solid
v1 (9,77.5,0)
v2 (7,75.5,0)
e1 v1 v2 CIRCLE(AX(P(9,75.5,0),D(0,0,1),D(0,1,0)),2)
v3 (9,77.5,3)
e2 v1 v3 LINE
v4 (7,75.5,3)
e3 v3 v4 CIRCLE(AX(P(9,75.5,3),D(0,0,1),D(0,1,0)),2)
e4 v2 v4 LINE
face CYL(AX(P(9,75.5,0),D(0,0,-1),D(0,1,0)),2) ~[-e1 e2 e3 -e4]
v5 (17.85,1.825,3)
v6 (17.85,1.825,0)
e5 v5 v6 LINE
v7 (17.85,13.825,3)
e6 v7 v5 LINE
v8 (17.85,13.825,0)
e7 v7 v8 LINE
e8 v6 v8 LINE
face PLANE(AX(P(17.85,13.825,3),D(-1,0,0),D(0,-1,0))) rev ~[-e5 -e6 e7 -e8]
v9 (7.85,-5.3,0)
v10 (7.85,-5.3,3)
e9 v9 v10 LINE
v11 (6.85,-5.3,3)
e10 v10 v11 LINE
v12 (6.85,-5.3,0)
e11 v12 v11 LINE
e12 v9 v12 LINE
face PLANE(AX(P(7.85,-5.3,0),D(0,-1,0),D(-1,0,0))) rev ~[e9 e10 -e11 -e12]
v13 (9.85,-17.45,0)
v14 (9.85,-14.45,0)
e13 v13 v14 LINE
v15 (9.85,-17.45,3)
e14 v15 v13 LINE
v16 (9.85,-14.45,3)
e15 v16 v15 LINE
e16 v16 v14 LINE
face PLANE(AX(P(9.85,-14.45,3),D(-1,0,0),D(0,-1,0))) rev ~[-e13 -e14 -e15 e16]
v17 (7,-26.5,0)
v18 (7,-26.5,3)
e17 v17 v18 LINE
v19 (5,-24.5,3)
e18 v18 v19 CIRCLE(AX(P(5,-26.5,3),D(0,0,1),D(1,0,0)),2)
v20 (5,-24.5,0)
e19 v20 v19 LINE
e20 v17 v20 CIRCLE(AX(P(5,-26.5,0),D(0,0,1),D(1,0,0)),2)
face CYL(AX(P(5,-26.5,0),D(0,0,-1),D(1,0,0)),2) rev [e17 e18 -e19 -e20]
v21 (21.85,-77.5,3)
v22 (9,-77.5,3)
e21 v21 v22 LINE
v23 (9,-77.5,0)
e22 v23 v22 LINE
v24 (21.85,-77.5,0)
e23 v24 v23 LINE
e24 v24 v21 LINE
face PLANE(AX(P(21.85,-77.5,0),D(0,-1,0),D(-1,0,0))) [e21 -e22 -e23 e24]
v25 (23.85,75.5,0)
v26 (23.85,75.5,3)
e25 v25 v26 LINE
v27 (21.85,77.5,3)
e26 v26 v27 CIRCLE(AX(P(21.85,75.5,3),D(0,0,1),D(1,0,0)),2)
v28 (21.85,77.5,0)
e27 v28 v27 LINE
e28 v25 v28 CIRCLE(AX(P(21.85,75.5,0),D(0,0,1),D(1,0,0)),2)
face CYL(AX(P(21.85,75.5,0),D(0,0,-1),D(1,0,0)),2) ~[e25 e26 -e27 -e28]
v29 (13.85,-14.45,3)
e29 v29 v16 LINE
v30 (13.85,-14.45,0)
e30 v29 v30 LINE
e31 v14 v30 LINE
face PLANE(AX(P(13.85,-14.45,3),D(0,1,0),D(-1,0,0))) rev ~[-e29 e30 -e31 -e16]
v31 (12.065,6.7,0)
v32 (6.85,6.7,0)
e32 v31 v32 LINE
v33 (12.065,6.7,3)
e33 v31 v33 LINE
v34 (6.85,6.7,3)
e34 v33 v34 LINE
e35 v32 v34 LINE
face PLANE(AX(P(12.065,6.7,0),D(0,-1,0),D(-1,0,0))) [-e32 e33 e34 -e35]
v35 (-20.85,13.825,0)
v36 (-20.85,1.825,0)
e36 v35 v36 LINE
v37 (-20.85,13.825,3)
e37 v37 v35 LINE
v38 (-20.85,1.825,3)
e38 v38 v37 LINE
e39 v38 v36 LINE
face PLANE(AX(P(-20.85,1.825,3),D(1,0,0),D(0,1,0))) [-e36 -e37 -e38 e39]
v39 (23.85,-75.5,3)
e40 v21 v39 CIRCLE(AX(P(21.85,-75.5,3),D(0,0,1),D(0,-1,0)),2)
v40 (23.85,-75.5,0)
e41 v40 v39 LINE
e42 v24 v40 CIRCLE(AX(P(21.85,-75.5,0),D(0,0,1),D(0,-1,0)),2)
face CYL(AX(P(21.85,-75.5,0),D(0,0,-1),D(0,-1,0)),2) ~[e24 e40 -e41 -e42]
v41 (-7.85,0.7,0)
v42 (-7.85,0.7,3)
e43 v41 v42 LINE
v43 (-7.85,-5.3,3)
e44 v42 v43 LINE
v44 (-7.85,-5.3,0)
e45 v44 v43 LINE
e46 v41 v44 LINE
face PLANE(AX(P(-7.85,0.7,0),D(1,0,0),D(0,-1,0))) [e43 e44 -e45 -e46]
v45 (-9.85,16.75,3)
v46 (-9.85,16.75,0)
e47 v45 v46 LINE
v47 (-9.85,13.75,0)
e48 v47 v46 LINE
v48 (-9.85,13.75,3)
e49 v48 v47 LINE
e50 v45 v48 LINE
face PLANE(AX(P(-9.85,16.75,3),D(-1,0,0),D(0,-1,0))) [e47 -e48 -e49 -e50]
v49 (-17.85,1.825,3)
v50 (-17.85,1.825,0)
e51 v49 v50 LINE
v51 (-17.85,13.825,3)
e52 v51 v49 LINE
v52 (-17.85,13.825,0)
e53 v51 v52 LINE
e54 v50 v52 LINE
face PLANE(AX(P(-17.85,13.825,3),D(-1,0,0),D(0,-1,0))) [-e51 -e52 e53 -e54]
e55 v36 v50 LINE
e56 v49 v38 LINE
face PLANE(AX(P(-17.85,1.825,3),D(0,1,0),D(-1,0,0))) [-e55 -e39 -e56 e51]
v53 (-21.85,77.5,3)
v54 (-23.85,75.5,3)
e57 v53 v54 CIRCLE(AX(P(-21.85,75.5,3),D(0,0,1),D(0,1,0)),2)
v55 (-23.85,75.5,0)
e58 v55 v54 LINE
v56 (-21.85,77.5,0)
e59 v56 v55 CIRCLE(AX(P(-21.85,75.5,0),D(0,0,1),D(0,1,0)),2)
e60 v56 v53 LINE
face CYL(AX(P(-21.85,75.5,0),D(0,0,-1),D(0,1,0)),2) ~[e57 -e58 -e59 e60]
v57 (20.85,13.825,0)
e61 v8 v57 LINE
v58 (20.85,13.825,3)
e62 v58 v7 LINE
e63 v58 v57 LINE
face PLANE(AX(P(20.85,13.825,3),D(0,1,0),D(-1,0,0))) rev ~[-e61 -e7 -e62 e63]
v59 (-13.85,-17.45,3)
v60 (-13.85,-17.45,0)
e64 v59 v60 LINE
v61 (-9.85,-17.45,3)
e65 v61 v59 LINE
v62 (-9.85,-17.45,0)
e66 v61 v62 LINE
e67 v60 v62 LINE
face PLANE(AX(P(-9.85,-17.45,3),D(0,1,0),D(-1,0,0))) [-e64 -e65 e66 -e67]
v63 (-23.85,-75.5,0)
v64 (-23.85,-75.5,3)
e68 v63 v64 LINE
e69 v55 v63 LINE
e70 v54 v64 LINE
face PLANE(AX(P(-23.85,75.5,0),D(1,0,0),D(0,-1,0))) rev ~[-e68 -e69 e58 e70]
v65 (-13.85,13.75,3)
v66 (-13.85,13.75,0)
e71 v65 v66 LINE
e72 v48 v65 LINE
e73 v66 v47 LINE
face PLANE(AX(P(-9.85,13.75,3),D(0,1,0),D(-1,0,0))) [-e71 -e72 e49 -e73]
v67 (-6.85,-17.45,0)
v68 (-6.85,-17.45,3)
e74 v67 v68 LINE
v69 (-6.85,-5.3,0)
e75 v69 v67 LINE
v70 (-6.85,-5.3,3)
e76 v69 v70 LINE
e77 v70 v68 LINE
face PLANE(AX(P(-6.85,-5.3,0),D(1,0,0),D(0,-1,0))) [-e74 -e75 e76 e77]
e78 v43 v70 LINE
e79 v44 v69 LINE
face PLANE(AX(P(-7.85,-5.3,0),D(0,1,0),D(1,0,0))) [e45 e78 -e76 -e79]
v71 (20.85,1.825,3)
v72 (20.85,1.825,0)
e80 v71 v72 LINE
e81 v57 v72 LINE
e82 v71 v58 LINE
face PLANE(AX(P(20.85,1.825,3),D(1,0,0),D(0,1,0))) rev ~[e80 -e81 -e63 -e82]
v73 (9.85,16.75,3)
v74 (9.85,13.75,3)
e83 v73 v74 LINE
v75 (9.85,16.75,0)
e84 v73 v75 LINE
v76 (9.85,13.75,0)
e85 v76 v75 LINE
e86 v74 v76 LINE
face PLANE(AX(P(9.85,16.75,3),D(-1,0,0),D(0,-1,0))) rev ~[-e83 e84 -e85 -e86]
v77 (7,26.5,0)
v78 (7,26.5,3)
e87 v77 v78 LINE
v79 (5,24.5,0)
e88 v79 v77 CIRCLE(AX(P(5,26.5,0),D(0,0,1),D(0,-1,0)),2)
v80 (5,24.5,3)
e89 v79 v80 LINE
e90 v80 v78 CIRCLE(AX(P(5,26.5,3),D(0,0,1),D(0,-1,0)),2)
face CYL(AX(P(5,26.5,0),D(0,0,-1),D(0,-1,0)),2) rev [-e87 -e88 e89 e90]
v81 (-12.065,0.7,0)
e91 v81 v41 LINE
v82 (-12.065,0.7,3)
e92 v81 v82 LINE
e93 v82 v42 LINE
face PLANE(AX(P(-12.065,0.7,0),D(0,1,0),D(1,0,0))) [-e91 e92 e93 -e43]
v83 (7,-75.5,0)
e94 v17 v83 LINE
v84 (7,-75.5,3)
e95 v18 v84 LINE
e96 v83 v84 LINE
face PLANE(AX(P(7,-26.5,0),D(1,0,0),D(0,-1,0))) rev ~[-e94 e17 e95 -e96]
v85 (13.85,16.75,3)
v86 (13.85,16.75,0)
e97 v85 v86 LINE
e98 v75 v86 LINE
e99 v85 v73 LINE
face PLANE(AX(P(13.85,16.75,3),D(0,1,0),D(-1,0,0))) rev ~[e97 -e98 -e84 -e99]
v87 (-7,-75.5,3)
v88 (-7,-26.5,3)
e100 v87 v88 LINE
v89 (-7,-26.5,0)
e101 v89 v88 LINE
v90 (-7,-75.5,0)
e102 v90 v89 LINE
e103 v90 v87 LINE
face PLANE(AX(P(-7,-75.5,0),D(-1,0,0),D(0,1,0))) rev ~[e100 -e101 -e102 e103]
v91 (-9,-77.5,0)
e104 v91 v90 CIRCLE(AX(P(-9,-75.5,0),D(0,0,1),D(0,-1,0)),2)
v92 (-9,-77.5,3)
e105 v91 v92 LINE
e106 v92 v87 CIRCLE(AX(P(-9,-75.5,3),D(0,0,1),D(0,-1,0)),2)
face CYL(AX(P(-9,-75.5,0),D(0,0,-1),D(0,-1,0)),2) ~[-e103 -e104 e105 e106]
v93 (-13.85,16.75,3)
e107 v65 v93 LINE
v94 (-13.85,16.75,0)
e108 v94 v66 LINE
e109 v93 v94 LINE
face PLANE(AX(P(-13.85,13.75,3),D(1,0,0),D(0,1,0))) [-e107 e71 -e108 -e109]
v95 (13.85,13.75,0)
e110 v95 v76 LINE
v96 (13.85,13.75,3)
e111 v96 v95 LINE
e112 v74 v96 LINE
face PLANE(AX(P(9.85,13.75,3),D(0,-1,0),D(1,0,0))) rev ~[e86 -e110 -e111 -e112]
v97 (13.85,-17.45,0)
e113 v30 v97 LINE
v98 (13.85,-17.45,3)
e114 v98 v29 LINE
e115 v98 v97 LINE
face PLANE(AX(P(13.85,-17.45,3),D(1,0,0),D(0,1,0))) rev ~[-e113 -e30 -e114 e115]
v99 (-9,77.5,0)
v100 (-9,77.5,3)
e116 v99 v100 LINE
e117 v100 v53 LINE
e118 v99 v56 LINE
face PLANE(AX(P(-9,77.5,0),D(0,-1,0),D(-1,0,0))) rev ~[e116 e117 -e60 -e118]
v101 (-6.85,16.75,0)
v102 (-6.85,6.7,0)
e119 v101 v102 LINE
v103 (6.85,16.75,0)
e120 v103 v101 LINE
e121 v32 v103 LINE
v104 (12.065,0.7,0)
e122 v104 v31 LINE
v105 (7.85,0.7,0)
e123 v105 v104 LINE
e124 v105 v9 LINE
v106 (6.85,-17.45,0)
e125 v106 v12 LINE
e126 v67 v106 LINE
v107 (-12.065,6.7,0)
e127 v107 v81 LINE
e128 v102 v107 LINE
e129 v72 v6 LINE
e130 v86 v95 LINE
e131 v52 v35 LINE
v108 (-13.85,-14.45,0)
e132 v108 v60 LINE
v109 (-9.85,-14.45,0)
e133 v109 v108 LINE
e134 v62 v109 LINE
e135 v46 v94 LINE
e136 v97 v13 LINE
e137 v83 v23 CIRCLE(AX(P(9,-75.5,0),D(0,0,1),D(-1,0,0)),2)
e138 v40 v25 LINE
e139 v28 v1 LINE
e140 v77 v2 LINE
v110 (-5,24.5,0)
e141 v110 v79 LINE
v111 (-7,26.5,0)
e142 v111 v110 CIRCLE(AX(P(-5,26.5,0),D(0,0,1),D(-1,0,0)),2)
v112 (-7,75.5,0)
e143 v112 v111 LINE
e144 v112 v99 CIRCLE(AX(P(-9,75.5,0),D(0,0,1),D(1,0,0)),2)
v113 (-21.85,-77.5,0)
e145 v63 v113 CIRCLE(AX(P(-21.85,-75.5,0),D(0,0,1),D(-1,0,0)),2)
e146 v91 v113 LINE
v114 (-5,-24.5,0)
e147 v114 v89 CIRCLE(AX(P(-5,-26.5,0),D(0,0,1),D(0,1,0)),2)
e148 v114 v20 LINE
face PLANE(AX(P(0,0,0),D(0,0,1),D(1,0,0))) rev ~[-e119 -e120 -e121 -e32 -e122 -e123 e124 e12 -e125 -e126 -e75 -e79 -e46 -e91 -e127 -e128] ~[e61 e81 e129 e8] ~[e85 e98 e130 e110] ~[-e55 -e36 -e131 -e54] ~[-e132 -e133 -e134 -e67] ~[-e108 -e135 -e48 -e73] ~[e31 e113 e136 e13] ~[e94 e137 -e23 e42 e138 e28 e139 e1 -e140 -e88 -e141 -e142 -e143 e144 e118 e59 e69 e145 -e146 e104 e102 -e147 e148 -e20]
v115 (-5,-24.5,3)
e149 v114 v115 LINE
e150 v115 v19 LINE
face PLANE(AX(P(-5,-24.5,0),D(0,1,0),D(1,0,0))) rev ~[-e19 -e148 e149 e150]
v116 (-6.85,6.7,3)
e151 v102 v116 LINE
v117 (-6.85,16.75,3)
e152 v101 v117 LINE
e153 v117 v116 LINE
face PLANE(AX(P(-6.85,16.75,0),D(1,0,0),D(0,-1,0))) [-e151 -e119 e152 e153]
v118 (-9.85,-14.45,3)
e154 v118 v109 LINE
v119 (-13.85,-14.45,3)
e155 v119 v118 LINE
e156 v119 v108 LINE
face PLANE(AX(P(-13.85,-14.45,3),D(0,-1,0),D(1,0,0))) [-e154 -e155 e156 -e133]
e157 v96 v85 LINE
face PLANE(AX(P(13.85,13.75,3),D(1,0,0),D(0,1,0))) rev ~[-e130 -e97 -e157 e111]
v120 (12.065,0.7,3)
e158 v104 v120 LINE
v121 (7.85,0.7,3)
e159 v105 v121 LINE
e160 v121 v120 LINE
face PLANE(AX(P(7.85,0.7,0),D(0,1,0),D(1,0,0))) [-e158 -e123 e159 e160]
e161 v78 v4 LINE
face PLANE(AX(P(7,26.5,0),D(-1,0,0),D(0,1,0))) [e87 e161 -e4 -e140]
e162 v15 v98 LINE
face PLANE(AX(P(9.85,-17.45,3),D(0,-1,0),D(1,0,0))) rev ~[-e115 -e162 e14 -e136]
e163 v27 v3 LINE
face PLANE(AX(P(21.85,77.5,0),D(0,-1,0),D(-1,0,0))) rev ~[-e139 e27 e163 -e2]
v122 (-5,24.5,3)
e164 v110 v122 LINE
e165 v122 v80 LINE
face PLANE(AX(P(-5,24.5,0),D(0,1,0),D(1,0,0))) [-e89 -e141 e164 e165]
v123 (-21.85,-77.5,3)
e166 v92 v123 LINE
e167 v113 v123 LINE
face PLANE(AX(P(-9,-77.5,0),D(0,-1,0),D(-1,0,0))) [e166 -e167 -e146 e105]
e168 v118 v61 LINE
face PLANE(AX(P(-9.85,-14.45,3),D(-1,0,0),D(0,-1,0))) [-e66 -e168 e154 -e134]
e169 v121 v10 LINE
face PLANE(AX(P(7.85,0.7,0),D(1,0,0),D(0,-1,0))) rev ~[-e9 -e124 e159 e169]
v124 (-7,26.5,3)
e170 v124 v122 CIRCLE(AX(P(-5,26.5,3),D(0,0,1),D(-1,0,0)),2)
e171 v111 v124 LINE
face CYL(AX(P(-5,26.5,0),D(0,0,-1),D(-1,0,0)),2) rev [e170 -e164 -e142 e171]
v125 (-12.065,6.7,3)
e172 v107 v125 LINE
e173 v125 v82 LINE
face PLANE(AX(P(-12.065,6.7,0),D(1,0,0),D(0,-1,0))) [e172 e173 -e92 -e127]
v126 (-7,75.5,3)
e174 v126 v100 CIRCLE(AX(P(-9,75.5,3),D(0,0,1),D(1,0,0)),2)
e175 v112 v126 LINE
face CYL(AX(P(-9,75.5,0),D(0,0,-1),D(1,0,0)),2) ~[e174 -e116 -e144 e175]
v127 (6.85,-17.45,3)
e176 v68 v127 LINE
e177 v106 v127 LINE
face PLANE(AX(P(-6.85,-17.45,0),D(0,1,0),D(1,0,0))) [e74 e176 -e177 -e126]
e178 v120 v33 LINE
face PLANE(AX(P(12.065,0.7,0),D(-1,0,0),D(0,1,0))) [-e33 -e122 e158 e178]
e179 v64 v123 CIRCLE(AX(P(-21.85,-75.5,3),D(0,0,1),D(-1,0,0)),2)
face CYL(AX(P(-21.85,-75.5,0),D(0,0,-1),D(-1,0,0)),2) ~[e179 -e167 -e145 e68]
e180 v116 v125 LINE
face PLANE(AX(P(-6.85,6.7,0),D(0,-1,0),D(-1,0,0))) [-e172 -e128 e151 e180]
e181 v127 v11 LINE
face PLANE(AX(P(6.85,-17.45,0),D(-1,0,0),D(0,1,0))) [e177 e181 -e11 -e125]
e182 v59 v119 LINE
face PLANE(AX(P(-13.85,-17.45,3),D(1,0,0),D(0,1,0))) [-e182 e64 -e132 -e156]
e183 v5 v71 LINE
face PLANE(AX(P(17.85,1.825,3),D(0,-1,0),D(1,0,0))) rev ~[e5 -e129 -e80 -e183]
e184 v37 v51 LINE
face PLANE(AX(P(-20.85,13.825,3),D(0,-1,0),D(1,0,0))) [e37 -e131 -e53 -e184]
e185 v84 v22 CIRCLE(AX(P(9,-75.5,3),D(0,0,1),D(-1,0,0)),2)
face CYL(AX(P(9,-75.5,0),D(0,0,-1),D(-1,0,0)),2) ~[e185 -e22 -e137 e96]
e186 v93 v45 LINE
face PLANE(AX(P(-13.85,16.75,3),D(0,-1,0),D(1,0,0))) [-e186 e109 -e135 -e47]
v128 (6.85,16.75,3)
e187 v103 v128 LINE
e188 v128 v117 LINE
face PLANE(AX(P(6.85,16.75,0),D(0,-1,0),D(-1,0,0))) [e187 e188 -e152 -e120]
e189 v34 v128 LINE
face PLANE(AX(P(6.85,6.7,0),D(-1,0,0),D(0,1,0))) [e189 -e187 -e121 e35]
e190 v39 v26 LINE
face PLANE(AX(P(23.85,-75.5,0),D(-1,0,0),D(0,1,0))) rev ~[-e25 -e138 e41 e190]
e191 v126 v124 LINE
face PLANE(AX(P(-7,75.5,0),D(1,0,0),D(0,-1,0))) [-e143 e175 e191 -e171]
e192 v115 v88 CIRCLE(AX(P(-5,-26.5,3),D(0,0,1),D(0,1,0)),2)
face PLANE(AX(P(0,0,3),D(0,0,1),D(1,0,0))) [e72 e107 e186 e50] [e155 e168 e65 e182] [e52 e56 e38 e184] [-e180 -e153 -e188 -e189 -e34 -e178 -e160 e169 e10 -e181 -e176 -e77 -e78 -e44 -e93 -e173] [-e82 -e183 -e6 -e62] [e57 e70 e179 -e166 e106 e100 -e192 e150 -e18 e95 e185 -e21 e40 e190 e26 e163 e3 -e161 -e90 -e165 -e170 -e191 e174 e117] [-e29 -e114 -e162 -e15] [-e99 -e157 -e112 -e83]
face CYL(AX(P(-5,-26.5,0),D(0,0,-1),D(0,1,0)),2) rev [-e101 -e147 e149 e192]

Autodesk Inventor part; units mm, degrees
ref_plane "YZ Plane" through (0, 0, 0) normal (1, 0, 0) x (0, 1, 0)
ref_plane "XZ Plane" through (0, 0, 0) normal (0, 1, 0) x (-1, 0, 0)
ref_plane "XY Plane" through (0, 0, 0) normal (0, 0, 1) x (1, 0, 0)
sketch "草圖1" plane through (0, 0, 0) normal (0, 0, 1) x (1, 0, 0)
  line L0 (-23.85, -77.5) -> (23.85, 77.5) construction
  line L1 (23.85, -77.5) -> (-23.85, 77.5) construction
  line L2 (0, 127.6921) -> (0, -161.3915) construction
  line L3 (-23.85, 75.5) -> (-23.85, -75.5)
  line L4 (23.85, -75.5) -> (23.85, 75.5)
  line L5 (-5, 24.5) -> (5, 24.5)
  line L6 (7, 26.5) -> (7, 75.5)
  line L7 (-7, 75.5) -> (-7, 26.5)
  line L8 (-7, 24.5) -> (7, 77.5) construction
  line L9 (7, 24.5) -> (-7, 77.5) construction
  line L10 (21.85, 77.5) -> (9, 77.5)
  line L11 (-9, 77.5) -> (-21.85, 77.5)
  arc A0 (-7, 75.5) -> (-9, 77.5) centre (-9, 75.5) ccw
  arc A1 (9, 77.5) -> (7, 75.5) centre (9, 75.5) ccw
  arc A2 (-7, 26.5) -> (-5, 24.5) centre (-5, 26.5) ccw
  arc A3 (5, 24.5) -> (7, 26.5) centre (5, 26.5) ccw
  arc A4 (-21.85, 77.5) -> (-23.85, 75.5) centre (-21.85, 75.5) ccw
  arc A5 (23.85, 75.5) -> (21.85, 77.5) centre (21.85, 75.5) ccw
  line L12 (-82.8249, 0) -> (86.4934, 0) construction
  line L13 (-5, -24.5) -> (5, -24.5)
  line L14 (7, -26.5) -> (7, -75.5)
  line L15 (-7, -75.5) -> (-7, -26.5)
  line L16 (-7, -24.5) -> (7, -77.5) construction
  line L17 (7, -24.5) -> (-7, -77.5) construction
  line L18 (21.85, -77.5) -> (9, -77.5)
  line L19 (-9, -77.5) -> (-21.85, -77.5)
  arc A6 (-9, -77.5) -> (-7, -75.5) centre (-9, -75.5) ccw
  arc A7 (7, -75.5) -> (9, -77.5) centre (9, -75.5) ccw
  arc A8 (-5, -24.5) -> (-7, -26.5) centre (-5, -26.5) ccw
  arc A9 (7, -26.5) -> (5, -24.5) centre (5, -26.5) ccw
  arc A10 (-23.85, -75.5) -> (-21.85, -77.5) centre (-21.85, -75.5) ccw
  arc A11 (21.85, -77.5) -> (23.85, -75.5) centre (21.85, -75.5) ccw
  line L20 (-21.85, -77.5) -> (-9, -77.5)
  line L21 (9, -77.5) -> (21.85, -77.5)
  line L22 (-6.85, -17.45) -> (6.85, -17.45)
  line L23 (6.85, 16.75) -> (-6.85, 16.75)
  line L24 (12.065, 0.7) -> (12.065, 6.7)
  line L25 (-12.065, 6.7) -> (-12.065, 0.7)
  line L26 (-12.065, 0.7) -> (12.065, 6.7) construction
  line L27 (12.065, 0.7) -> (-12.065, 6.7) construction
  line L28 (-6.85, 16.75) -> (-6.85, 6.7)
  line L29 (6.85, 6.7) -> (6.85, 16.75)
  line L30 (12.065, 6.7) -> (6.85, 6.7)
  line L31 (7.85, 0.7) -> (12.065, 0.7)
  line L32 (-12.065, 0.7) -> (-7.85, 0.7)
  line L33 (-6.85, 6.7) -> (-12.065, 6.7)
  line L34 (-7.85, 0.7) -> (-7.85, -5.3)
  line L35 (-7.85, -5.3) -> (-6.85, -5.3)
  line L36 (-6.85, -5.3) -> (-6.85, -17.45)
  line L37 (7.85, 0.7) -> (7.85, -5.3)
  line L38 (7.85, -5.3) -> (6.85, -5.3)
  line L39 (6.85, -17.45) -> (6.85, -5.3)
  point P0 (0, 0)
  point P1 (0, 51)
  point P2 (0, -51)
  point P3 (0, 3.7)
  point P4 (12.065, 3.7)
  point P5 (-23.85, -75.5)
  dimension "d0" = 47.7
  dimension "d22" = 14
  dimension "d24" = 2
  dimension "d25" = 2
  dimension "d26" = 34.2
  dimension "d27" = 13.7
  dimension "d28" = 6
  dimension "d30" = 24.13
  dimension "d31" = 10.05
  dimension "d54" = 53
  dimension "d97" = 6
  dimension "d98" = 1
  dimension "d101" = 0.7
  dimension "d103" = 155
extrude "擠出1" add sketch "草圖1" along normal blind 3
sketch "草圖3" plane through (0, 0, 3) normal (0, 0, 1) x (1, 0, 0)
  line L0 (-88.1264, 0) -> (75.7938, 0)
  line L1 (0, 123.8394) -> (0, -129.4918)
  point P0 (0, 0)
sketch "草圖5" plane through (0, 0, 3) normal (0, 0, 1) x (1, 0, 0)
  line L0 (-9.85, -17.45) -> (-13.85, -17.45)
  line L1 (-13.85, -17.45) -> (-13.85, -14.45)
  line L2 (-13.85, -14.45) -> (-9.85, -14.45)
  line L3 (-9.85, -14.45) -> (-9.85, -17.45)
  line L4 (6.85, -17.45) -> (-6.85, -17.45) projected
  line L5 (-9.85, 13.75) -> (-13.85, 13.75)
  line L6 (-13.85, 13.75) -> (-13.85, 16.75)
  line L7 (-13.85, 16.75) -> (-9.85, 16.75)
  line L8 (-9.85, 16.75) -> (-9.85, 13.75)
  line L9 (-6.85, 16.75) -> (6.85, 16.75) projected
  line L10 (0, 31.1544) -> (0, -25.4134)
  line L11 (9.85, -17.45) -> (13.85, -17.45)
  line L12 (13.85, -17.45) -> (13.85, -14.45)
  line L13 (13.85, -14.45) -> (9.85, -14.45)
  line L14 (9.85, -14.45) -> (9.85, -17.45)
  line L15 (13.85, 16.75) -> (9.85, 16.75)
  line L16 (13.85, 13.75) -> (13.85, 16.75)
  line L17 (9.85, 13.75) -> (13.85, 13.75)
  line L18 (9.85, 16.75) -> (9.85, 13.75)
  line L19 (-17.85, 1.825) -> (-20.85, 1.825)
  line L20 (-20.85, 1.825) -> (-20.85, 13.825)
  line L21 (-20.85, 13.825) -> (-17.85, 13.825)
  line L22 (-17.85, 13.825) -> (-17.85, 1.825)
  line L23 (17.85, 1.825) -> (20.85, 1.825)
  line L24 (20.85, 1.825) -> (20.85, 13.825)
  line L25 (20.85, 13.825) -> (17.85, 13.825)
  line L26 (17.85, 13.825) -> (17.85, 1.825)
  line L27 (-6.85, -17.45) -> (-6.85, 16.75) construction
  point P0 (0, 0)
  dimension "d60" = 4
  dimension "d62" = 3
  dimension "d64" = 3
  dimension "d66" = 3
  dimension "d67" = 12
  dimension "d96" = 3
  dimension "d100" = 11
  dimension "d102" = 0.075
extrude "擠出4" cut sketch "草圖5" against normal up to next
properties part number "main_frame" material "木材 (楓木)"
